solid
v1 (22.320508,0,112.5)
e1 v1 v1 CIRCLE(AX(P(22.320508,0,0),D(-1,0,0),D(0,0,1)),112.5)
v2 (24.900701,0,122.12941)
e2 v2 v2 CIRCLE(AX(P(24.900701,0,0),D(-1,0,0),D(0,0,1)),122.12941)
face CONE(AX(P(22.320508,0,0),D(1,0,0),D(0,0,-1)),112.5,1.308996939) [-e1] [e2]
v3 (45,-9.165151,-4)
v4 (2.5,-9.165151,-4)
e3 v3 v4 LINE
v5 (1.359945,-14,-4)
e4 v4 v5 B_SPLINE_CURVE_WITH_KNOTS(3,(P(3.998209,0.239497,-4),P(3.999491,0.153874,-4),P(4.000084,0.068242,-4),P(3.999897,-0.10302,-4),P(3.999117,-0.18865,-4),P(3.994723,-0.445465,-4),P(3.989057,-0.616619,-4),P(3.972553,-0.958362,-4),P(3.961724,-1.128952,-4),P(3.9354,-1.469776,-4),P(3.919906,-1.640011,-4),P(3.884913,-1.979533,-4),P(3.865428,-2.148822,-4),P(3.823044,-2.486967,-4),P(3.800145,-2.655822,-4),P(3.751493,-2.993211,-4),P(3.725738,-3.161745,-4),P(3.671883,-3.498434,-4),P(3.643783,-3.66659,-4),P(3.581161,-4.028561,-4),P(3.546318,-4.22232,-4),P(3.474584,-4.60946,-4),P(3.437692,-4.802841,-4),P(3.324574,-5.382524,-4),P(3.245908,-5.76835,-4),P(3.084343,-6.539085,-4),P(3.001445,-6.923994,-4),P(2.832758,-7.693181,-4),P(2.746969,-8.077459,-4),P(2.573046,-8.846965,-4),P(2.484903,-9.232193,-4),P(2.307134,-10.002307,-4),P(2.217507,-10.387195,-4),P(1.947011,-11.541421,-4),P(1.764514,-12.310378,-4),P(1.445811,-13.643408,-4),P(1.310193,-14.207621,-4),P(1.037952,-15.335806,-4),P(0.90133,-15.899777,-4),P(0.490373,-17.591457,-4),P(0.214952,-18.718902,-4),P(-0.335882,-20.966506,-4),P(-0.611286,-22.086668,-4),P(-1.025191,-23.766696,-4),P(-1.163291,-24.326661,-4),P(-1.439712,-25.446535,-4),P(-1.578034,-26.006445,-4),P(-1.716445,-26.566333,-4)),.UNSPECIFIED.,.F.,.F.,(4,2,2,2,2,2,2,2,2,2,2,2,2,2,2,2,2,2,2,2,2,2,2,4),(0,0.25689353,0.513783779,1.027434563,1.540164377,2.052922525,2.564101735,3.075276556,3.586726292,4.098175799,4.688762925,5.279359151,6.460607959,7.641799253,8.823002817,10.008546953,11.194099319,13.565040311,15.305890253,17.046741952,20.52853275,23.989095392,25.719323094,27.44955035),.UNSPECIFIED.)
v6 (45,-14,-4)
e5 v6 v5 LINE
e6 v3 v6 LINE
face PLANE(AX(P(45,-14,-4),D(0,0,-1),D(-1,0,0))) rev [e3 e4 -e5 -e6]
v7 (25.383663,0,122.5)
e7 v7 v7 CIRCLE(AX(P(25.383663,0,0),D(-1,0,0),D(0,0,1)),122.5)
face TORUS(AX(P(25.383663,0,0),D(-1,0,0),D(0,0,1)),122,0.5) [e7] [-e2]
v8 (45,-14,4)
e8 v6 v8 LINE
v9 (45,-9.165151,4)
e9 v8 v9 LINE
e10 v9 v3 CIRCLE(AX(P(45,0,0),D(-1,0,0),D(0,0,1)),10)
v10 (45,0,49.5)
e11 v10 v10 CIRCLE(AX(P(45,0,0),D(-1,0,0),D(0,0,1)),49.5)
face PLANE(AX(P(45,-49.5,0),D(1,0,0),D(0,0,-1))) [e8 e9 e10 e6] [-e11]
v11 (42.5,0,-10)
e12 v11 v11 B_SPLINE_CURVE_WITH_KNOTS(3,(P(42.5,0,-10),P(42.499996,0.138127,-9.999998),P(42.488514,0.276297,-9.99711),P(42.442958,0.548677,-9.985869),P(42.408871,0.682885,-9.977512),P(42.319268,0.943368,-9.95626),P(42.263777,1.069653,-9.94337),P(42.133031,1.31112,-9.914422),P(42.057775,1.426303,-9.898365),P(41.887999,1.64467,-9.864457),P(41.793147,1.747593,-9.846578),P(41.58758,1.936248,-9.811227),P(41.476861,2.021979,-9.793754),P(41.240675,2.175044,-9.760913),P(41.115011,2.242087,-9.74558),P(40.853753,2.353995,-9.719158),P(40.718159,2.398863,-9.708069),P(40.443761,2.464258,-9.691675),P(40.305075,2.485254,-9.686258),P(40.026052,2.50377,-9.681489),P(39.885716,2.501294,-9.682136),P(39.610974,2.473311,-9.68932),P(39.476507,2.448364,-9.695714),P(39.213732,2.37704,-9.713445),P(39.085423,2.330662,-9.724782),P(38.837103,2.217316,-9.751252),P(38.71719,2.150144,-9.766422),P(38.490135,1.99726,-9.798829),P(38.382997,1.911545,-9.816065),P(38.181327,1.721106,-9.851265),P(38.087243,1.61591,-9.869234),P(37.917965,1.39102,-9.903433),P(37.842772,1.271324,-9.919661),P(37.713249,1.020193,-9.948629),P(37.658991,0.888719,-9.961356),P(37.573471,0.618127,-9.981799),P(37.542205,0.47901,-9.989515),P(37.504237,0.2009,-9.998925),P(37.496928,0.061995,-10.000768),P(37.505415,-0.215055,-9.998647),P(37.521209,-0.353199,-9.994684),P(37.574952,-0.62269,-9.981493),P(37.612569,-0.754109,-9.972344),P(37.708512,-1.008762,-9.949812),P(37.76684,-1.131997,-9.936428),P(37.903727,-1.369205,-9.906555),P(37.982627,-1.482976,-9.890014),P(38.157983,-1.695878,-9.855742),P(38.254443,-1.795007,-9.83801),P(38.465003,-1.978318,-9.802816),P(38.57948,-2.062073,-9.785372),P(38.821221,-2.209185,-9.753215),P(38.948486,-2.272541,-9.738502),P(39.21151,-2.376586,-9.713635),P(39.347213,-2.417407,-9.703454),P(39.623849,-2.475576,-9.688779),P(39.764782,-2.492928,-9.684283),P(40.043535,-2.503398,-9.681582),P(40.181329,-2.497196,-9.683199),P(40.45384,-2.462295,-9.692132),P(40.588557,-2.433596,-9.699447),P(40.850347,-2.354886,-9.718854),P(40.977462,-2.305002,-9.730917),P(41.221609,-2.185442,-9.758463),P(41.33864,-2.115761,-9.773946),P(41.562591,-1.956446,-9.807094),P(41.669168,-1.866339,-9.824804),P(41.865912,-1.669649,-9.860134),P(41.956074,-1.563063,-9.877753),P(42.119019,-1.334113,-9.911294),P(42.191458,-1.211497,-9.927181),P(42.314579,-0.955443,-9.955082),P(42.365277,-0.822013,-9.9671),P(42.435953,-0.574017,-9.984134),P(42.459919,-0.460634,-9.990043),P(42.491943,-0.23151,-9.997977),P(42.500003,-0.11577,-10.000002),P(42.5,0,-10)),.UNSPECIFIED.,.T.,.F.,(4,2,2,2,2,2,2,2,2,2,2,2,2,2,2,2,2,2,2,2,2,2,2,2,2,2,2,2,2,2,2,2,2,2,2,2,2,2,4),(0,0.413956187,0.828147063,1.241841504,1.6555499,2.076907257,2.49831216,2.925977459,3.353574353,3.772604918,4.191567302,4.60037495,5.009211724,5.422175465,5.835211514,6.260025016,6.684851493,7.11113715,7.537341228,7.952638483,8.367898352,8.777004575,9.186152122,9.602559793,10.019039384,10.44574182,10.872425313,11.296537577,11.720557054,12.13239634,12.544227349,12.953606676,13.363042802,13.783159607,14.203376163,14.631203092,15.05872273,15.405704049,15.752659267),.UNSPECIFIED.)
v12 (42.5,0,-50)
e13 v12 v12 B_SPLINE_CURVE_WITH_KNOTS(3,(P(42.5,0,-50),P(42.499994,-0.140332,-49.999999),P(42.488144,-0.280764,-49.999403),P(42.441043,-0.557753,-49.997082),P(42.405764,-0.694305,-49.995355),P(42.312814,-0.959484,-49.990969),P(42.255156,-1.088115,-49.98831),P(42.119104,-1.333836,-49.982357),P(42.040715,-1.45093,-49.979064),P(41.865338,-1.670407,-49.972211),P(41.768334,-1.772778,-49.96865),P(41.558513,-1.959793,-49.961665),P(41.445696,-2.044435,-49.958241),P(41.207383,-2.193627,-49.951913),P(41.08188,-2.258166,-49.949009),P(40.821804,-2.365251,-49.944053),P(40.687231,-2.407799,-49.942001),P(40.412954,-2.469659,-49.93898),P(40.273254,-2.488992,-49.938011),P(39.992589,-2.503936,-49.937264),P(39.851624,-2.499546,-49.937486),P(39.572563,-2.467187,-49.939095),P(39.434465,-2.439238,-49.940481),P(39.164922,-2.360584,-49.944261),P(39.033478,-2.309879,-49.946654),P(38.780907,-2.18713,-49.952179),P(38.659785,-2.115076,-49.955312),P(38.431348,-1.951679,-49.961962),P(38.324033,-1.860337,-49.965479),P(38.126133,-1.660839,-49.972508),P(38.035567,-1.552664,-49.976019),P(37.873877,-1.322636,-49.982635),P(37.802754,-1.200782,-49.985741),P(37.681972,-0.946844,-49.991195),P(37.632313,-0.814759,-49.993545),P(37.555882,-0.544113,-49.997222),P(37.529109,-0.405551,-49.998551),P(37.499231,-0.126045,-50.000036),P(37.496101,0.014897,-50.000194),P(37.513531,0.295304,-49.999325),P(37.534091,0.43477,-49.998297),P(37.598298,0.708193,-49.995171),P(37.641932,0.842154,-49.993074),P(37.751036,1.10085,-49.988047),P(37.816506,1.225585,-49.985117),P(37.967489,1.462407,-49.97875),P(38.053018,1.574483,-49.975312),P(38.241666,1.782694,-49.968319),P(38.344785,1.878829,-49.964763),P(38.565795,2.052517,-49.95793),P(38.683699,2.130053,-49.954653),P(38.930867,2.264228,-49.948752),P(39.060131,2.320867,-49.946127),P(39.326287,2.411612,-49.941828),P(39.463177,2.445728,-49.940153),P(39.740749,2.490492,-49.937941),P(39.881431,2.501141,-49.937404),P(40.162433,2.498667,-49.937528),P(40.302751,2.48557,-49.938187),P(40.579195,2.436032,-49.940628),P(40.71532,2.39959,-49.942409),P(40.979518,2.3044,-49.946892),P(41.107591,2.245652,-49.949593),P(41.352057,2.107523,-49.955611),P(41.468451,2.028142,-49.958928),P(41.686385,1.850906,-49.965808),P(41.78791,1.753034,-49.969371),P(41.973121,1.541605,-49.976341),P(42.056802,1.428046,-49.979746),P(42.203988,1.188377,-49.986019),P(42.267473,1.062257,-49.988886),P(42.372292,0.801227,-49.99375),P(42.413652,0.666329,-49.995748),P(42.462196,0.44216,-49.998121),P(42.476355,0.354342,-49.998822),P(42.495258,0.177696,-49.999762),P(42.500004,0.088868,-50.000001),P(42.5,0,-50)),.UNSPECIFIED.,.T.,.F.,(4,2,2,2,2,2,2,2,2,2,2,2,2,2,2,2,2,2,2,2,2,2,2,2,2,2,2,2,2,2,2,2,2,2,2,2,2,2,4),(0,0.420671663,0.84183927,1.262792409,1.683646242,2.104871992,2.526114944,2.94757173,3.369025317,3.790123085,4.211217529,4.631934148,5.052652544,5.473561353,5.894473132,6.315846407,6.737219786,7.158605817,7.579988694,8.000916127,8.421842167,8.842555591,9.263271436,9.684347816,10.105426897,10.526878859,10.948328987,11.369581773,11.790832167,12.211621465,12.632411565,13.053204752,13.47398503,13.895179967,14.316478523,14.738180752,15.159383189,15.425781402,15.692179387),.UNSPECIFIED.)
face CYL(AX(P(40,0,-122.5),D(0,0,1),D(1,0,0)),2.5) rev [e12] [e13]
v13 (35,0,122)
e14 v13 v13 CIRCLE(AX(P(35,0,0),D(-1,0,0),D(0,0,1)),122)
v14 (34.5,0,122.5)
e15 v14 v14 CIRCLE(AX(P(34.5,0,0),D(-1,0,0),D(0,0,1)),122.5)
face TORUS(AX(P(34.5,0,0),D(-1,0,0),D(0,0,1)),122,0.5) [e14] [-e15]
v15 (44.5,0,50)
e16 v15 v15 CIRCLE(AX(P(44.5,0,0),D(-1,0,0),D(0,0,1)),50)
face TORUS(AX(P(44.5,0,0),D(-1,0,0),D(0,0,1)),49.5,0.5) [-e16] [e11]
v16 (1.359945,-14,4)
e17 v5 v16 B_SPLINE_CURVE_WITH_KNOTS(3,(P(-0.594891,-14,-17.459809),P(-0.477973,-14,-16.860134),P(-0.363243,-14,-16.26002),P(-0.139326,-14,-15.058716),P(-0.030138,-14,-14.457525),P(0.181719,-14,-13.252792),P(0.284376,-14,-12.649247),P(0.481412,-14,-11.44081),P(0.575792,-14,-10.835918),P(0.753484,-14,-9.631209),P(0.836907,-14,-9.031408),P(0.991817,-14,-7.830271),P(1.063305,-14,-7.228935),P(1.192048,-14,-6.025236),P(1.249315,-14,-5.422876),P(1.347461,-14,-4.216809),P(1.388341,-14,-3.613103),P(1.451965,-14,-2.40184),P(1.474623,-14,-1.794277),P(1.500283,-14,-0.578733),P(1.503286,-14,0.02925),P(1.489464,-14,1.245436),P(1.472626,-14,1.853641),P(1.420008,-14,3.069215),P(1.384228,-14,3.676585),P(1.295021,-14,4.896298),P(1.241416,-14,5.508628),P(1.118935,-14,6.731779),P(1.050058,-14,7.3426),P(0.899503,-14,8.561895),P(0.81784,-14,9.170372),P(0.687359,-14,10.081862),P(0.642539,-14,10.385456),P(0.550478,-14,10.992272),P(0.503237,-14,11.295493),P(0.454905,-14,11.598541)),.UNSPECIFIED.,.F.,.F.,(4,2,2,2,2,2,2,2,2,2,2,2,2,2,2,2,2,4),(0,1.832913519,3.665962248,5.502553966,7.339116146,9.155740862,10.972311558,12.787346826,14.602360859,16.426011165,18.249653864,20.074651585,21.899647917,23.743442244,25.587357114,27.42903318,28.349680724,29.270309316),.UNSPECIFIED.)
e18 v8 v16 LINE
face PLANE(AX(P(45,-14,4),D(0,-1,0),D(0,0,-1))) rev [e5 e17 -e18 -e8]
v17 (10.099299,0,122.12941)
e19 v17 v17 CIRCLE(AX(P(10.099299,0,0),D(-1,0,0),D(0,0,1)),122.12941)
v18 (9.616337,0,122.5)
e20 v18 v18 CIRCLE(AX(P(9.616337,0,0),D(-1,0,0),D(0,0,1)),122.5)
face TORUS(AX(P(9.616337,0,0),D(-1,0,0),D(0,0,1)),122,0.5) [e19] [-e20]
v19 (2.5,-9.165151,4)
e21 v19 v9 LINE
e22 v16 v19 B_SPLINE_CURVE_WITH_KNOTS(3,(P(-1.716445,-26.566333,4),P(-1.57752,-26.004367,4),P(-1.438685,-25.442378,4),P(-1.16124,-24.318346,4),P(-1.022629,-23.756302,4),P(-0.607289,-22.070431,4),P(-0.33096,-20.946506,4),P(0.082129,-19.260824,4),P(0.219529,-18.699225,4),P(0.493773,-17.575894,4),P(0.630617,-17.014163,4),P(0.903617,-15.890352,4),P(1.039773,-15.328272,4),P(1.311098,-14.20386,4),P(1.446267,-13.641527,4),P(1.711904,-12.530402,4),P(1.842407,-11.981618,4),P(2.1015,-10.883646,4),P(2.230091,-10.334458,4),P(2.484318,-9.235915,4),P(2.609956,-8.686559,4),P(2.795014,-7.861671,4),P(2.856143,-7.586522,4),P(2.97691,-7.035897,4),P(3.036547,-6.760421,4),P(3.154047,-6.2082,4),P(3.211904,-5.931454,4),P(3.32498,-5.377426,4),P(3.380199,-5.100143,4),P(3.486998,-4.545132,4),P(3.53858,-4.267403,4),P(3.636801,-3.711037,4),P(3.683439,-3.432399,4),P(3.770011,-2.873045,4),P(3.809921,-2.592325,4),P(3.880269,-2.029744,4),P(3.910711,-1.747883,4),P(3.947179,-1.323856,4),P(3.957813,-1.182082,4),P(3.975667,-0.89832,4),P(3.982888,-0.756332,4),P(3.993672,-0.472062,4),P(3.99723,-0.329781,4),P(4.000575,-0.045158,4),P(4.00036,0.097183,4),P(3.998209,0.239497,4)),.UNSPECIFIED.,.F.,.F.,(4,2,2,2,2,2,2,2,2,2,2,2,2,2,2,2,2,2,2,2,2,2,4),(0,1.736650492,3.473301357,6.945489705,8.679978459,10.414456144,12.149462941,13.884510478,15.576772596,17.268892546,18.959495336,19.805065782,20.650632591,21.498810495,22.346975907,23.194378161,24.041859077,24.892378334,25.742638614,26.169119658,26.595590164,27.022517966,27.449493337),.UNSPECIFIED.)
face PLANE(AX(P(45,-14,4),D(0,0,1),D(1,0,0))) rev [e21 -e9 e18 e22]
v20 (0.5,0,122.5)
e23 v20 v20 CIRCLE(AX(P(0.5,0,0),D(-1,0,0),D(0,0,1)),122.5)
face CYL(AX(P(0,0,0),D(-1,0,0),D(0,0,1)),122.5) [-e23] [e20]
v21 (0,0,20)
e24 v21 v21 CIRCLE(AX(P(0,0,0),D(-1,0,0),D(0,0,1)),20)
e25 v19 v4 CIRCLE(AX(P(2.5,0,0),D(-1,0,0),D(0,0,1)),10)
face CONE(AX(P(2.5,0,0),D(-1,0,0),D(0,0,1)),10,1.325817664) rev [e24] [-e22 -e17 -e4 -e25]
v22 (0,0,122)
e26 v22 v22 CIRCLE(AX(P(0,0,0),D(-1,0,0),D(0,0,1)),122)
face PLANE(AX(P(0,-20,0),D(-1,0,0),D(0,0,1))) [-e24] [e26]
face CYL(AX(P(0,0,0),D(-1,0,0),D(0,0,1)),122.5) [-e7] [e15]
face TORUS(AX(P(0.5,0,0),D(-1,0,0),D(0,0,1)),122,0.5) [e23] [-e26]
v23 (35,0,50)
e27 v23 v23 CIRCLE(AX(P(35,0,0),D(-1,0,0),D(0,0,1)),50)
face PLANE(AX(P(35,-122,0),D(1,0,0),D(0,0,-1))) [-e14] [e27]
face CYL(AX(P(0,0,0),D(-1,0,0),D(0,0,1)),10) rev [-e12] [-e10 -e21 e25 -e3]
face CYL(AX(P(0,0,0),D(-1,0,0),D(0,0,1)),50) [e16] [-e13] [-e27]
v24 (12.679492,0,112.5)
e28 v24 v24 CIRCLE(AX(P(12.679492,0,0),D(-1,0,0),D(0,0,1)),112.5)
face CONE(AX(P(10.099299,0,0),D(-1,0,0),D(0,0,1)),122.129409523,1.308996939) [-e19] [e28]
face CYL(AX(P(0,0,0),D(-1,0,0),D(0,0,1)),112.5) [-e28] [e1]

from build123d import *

# Parameters (mm, degrees)
ESBO_O1_W             = 8
ESBO_O1_H             = 8
CORTE_EXTRUS_O1_DEPTH = 46
ESBO_O3_R             = 2.5
CORTE_EXTRUS_O2_DEPTH = 123.5


with BuildPart() as part:
    # Sketch1 → Revolve1 (revolve)
    with BuildSketch(Plane.XY):
        with BuildLine():
            Line((0, -20), (0, -122))
            ThreePointArc((0, -122), (0.146446609, -122.353553391), (0.5, -122.5))
            Line((0.5, -122.5), (9.616336506, -122.5))
            ThreePointArc((9.616336506, -122.5), (9.920717221, -122.39667667), (10.099299419, -122.129409523))
            Line((10.099299419, -122.129409523), (12.679491924, -112.5))
            Line((12.679491924, -112.5), (22.320508076, -112.5))
            Line((22.320508076, -112.5), (24.900700581, -122.129409523))
            ThreePointArc((24.900700581, -122.129409523), (25.079282779, -122.39667667), (25.383663494, -122.5))
            Line((25.383663494, -122.5), (34.5, -122.5))
            ThreePointArc((34.5, -122.5), (34.853553391, -122.353553391), (35, -122))
            Line((35, -122), (35, -50))
            Line((35, -50), (44.5, -50))
            ThreePointArc((44.5, -50), (44.853553391, -49.853553391), (45, -49.5))
            Line((45, -49.5), (45, -10))
            Line((45, -10), (2.5, -10))
            Line((2.5, -10), (0, -20))
        make_face()
    revolve(axis=Axis((0, 0, 0), (1, 0, 0)))

    # Esboço1 → Corte-extrusão1 (cut, through all)
    with BuildSketch(Plane.ZY):
        with Locations((0, -10)):
            Rectangle(ESBO_O1_W, ESBO_O1_H)
    extrude(amount=-CORTE_EXTRUS_O1_DEPTH, mode=Mode.SUBTRACT)

    # Esboço3 → Corte-extrusão2 (cut, through all)
    with BuildSketch(Plane.XY):
        with Locations((40, 0)):
            Circle(ESBO_O3_R)
    extrude(amount=-CORTE_EXTRUS_O2_DEPTH, mode=Mode.SUBTRACT)


solid = part.part
